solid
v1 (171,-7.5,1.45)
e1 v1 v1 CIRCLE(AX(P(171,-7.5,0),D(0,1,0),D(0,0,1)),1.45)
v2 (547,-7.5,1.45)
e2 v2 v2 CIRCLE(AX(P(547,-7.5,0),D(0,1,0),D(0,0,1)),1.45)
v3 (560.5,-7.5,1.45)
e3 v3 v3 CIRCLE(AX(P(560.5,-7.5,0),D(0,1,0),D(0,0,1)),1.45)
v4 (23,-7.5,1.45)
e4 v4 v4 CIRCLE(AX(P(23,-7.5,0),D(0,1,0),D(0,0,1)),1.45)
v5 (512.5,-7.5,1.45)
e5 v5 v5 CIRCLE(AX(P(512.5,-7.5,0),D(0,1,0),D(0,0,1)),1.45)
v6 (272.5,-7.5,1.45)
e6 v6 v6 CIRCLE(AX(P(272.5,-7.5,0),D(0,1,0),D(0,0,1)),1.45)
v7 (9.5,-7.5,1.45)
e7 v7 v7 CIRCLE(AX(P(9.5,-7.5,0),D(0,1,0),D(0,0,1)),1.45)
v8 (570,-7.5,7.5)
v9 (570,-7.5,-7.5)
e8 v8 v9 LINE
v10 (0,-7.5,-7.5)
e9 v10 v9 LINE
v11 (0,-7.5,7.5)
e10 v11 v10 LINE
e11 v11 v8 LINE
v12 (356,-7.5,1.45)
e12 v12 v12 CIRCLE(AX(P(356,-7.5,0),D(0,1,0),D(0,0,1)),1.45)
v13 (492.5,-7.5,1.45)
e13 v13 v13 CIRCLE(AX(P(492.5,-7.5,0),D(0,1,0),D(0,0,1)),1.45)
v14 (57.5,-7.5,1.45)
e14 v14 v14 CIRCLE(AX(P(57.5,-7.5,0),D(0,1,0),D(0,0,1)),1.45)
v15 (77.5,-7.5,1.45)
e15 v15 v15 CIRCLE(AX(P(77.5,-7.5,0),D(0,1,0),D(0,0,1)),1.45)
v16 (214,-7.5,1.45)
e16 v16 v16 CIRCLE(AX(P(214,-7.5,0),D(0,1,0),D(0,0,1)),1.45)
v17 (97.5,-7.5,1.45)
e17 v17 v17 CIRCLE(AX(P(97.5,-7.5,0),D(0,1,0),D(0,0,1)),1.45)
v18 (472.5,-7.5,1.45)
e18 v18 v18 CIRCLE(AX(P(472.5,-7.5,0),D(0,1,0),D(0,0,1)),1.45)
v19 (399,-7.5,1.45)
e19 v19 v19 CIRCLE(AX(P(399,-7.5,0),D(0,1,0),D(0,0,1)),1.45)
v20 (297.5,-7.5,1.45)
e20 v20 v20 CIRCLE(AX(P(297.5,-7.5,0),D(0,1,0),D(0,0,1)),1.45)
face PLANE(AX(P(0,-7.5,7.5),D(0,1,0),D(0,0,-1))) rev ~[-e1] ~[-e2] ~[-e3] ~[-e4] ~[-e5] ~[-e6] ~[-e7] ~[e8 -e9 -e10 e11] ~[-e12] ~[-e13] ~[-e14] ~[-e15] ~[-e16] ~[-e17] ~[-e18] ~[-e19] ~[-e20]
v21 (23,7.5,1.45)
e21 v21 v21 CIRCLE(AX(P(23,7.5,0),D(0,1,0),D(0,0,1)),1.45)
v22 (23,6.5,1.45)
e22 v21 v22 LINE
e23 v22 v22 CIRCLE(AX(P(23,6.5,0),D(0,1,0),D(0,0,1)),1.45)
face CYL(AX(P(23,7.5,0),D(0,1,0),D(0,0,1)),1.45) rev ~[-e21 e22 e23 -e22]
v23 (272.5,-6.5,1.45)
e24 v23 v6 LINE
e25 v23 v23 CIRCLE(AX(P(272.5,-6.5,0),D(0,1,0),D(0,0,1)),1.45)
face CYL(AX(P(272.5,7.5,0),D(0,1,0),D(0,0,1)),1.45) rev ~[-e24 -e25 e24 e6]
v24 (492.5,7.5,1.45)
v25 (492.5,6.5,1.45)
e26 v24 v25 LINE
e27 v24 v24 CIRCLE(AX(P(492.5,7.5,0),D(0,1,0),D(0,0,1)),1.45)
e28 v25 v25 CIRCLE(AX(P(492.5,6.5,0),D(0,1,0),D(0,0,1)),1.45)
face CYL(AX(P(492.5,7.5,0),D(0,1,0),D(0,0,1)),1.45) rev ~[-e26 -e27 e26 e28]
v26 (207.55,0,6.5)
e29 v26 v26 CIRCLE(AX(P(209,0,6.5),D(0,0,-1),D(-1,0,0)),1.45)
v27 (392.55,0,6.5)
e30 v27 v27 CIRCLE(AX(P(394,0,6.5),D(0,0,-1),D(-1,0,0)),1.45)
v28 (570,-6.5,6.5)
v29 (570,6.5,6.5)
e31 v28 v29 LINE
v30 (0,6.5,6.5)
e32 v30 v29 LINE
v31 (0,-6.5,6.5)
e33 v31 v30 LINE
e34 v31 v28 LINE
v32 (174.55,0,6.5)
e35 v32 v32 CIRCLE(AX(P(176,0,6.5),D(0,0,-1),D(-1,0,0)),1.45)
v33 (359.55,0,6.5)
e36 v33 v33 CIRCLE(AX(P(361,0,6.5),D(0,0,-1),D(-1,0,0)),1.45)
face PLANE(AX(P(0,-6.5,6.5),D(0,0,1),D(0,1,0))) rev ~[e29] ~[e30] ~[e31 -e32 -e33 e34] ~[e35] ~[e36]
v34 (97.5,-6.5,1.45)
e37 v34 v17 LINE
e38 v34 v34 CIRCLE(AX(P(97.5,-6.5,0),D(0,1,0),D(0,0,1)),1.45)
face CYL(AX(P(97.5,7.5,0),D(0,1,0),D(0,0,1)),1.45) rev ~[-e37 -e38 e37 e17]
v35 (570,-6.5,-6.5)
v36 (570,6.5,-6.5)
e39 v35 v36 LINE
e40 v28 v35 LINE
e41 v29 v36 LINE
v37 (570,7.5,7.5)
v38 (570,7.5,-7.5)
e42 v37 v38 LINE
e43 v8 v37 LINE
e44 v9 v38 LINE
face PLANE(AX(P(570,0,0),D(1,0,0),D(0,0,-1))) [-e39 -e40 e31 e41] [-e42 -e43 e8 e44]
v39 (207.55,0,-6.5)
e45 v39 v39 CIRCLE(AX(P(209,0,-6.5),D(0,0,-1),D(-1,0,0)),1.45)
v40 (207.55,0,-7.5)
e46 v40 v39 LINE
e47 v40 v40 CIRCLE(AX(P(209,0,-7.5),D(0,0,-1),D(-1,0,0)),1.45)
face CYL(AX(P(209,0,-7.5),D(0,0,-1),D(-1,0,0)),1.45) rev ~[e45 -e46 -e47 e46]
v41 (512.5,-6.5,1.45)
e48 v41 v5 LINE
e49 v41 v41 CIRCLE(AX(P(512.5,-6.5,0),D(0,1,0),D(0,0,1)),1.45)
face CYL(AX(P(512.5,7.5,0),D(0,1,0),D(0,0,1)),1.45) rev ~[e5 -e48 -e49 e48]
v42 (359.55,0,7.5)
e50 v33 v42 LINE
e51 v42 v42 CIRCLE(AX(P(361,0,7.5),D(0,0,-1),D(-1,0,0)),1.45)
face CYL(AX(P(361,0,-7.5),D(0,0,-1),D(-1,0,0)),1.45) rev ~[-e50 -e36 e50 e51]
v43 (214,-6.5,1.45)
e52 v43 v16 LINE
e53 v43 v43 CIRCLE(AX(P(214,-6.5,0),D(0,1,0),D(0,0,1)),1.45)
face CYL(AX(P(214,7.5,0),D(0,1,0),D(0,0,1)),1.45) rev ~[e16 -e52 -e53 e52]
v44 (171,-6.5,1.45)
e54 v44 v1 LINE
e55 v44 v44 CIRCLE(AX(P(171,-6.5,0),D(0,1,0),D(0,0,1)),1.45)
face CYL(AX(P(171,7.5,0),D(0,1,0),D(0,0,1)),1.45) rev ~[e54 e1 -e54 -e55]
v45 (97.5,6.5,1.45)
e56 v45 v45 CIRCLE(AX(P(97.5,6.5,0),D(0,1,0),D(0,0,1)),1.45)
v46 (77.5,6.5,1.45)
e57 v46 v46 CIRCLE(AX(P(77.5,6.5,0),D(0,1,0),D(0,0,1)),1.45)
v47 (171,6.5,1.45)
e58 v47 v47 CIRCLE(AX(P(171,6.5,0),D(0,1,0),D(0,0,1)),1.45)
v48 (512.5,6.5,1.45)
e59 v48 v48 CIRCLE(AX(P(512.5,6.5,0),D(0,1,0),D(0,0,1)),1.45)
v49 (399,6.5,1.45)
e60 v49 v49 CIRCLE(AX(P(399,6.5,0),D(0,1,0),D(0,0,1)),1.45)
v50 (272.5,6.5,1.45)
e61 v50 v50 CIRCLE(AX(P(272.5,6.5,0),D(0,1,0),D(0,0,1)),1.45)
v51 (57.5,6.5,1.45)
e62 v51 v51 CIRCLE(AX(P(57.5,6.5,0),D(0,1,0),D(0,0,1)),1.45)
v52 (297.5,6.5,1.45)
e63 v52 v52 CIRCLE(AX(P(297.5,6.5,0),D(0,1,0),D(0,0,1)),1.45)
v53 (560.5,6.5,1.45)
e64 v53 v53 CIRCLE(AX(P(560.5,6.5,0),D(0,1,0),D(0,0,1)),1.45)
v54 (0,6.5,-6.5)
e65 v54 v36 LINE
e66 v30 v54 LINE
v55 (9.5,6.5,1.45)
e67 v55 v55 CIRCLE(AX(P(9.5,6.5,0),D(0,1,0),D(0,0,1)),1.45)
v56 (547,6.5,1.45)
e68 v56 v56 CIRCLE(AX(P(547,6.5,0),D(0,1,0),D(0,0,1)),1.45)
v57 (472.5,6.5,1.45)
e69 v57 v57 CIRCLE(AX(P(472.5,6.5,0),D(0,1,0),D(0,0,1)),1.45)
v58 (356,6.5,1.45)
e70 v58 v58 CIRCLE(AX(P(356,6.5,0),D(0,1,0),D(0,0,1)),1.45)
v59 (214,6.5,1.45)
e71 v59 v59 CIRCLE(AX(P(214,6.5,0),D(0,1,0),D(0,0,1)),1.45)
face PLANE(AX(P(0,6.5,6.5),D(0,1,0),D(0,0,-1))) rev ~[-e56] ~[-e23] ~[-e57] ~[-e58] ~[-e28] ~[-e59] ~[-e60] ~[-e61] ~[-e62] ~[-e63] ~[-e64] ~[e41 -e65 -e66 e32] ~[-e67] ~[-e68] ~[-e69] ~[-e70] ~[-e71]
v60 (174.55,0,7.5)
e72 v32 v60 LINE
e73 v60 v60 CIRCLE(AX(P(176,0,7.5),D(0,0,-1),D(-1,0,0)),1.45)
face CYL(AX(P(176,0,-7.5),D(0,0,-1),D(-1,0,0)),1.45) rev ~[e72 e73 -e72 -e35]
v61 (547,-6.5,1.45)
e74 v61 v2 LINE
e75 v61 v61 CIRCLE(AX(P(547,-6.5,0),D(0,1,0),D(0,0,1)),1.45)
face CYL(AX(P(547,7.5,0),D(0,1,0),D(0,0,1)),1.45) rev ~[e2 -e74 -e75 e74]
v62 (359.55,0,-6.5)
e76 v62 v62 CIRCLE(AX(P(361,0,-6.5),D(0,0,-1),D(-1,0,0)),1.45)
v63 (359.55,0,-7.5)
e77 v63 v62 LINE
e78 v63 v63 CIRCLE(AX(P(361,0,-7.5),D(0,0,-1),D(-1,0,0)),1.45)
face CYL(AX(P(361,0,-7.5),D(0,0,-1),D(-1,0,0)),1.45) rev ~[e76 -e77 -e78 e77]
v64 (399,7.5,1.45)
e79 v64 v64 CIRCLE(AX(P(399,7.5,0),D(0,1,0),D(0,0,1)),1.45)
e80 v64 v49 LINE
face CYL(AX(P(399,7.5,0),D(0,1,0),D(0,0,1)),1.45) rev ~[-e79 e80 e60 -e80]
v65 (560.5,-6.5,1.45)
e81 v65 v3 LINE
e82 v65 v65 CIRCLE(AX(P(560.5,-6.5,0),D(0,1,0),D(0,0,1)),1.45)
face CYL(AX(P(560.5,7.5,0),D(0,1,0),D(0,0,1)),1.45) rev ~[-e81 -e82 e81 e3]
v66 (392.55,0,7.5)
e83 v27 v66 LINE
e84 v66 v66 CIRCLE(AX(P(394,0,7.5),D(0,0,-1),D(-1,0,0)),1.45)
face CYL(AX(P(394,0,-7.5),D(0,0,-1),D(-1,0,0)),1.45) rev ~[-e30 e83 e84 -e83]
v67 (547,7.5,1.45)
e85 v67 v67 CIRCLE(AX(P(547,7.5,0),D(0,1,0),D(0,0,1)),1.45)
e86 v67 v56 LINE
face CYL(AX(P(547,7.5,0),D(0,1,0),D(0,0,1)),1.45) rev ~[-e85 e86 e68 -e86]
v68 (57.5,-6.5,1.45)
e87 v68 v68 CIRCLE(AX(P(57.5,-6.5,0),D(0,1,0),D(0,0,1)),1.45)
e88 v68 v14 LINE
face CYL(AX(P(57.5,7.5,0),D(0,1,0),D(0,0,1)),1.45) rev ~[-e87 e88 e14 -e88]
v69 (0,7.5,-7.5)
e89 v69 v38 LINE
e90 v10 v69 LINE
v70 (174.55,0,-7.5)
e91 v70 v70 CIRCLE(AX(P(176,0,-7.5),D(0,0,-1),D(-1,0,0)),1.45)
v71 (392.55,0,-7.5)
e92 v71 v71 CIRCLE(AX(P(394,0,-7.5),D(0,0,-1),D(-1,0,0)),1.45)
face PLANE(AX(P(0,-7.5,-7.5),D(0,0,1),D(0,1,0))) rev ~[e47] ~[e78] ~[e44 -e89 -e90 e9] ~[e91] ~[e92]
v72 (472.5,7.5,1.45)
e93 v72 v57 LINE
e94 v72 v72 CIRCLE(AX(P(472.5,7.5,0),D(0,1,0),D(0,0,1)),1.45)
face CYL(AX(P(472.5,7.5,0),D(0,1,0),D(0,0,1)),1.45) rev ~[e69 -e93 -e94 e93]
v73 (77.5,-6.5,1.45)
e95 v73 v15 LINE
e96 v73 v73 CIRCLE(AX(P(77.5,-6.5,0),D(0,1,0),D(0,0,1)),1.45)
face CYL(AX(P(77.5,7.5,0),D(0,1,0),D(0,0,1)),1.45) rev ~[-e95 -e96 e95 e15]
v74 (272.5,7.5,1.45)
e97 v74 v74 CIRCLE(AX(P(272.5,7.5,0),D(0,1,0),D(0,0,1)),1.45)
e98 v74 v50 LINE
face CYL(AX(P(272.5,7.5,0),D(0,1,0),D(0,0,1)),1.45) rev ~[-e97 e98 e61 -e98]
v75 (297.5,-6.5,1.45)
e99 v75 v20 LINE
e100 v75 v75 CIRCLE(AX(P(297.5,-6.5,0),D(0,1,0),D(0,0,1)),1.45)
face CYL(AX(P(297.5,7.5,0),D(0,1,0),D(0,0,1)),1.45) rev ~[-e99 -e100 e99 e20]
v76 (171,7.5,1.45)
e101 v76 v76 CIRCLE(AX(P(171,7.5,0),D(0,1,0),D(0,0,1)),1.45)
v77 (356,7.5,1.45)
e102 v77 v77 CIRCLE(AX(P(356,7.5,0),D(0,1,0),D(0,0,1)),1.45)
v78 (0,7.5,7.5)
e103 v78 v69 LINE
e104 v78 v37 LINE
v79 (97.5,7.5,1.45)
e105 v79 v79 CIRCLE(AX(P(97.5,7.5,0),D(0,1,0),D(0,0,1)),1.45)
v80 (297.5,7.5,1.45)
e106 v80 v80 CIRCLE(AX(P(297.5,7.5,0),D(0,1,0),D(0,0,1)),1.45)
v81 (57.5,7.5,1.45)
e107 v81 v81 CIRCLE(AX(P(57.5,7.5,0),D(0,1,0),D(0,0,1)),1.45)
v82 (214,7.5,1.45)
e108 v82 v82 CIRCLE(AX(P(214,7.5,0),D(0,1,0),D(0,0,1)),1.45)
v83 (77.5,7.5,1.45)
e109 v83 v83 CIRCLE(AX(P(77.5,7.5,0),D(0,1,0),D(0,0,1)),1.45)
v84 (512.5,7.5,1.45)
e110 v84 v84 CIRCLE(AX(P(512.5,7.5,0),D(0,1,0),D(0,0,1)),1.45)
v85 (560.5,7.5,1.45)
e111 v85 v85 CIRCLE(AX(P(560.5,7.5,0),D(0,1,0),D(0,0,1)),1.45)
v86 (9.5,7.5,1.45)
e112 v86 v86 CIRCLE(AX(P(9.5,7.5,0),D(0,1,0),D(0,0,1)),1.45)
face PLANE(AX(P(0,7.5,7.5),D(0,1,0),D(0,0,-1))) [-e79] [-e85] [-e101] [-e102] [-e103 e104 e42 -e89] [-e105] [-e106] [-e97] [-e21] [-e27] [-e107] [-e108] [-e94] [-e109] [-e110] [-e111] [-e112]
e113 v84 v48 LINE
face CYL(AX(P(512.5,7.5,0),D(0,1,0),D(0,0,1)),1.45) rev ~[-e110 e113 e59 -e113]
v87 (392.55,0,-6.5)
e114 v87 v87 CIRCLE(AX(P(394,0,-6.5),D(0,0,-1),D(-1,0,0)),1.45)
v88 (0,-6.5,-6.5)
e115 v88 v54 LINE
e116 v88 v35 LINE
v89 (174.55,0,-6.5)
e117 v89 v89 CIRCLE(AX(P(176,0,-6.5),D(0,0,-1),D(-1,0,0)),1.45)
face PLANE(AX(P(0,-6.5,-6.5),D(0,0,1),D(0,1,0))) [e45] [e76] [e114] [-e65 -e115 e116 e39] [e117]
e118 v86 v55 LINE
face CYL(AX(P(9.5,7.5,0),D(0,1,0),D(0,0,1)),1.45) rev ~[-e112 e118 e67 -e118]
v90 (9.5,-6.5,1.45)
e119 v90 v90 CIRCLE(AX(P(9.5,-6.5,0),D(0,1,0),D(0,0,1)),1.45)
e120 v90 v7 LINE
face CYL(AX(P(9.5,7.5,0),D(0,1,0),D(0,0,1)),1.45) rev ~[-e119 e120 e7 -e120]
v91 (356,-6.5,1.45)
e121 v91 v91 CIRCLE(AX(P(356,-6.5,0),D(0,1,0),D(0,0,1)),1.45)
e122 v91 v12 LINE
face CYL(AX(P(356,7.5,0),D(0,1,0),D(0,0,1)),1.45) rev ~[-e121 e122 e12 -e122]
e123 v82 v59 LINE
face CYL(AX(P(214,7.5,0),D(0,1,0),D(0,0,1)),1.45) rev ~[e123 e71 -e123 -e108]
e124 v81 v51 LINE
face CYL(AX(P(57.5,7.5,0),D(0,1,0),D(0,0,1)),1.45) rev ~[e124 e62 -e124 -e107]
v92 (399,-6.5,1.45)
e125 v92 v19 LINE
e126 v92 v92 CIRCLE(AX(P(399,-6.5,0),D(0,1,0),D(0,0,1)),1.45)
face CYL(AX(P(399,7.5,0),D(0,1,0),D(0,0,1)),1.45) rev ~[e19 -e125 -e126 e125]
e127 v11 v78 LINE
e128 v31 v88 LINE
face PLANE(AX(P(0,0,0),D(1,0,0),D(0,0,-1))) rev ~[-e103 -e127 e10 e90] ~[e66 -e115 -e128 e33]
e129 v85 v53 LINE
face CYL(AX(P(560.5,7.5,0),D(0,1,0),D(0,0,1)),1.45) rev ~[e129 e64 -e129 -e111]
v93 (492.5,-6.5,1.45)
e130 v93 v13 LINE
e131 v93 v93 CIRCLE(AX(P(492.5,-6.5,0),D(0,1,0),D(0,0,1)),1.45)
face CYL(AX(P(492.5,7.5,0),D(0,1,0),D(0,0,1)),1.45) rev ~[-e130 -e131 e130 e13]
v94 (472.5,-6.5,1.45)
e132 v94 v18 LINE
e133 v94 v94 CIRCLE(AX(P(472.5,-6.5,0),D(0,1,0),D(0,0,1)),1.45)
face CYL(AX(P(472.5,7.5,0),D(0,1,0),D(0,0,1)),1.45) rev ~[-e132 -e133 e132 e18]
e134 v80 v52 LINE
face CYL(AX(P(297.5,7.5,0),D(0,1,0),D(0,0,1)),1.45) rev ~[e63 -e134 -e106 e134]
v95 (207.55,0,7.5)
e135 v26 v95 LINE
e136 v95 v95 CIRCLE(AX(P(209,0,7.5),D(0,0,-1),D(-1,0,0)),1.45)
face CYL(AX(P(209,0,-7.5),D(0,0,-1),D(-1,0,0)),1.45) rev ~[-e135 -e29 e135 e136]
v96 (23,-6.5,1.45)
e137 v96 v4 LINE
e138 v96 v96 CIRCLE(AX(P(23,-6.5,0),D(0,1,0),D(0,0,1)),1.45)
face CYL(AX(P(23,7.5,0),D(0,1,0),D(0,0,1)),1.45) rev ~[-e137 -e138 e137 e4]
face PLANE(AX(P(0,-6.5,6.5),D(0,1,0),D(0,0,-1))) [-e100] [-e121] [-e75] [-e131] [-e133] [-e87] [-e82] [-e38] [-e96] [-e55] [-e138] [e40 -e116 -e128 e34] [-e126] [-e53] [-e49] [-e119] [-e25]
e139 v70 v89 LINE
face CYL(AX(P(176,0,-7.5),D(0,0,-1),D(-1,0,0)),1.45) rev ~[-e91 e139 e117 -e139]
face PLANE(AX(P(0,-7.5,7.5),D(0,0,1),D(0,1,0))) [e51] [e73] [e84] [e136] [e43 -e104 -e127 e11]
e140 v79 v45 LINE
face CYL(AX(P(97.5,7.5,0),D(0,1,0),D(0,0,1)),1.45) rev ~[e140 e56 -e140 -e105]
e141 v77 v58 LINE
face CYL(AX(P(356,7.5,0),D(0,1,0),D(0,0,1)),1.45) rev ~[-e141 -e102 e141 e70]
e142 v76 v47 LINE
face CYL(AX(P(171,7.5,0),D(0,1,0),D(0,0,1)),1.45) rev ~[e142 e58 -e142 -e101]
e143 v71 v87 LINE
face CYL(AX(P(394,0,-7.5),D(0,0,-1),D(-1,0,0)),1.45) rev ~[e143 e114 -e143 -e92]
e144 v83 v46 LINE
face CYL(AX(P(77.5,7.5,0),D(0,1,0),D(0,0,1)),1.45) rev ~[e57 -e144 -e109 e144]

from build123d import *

# Parameters (mm, degrees)
SKETCH_1_W          = 15
SKETCH_1_H          = 15
SKETCH_1_W_2        = 13
SKETCH_1_H_2        = 13
EXTRUDE_1_DEPTH     = 570
SKETCH_2_R          = 1.45
CUT_EXTRUDE_1_DEPTH = 571.246657158
SKETCH_3_R          = 1.45
CUT_EXTRUDE_2_DEPTH = 571.246657158


with BuildPart() as part:
    # 草图1 → 凸台-拉伸1 (new body)
    with BuildSketch(Plane(origin=(0, 0, 0), x_dir=(0, 0, -1), z_dir=(1, 0, 0))):
        Rectangle(SKETCH_1_W, SKETCH_1_H)
        Rectangle(SKETCH_1_W_2, SKETCH_1_H_2, mode=Mode.SUBTRACT)
    extrude(amount=EXTRUDE_1_DEPTH)

    # 草图2 → 切除-拉伸1 (cut, through all)
    with BuildSketch(Plane(origin=(0, 7.5, 0), x_dir=(1, 0, 0), z_dir=(0, 1, 0))):
        with Locations(Location((560.5, 0, 0), (0, 0, 270))):
            Circle(SKETCH_2_R)
        with Locations(Location((547, 0, 0), (0, 0, 270))):
            Circle(SKETCH_2_R)
        with Locations(Location((399, 0, 0), (0, 0, 270))):
            Circle(SKETCH_2_R)
        with Locations(Location((356, 0, 0), (0, 0, 270))):
            Circle(SKETCH_2_R)
        with Locations(Location((214, 0, 0), (0, 0, 270))):
            Circle(SKETCH_2_R)
        with Locations(Location((171, 0, 0), (0, 0, 270))):
            Circle(SKETCH_2_R)
        with Locations(Location((23, 0, 0), (0, 0, 270))):
            Circle(SKETCH_2_R)
        with Locations(Location((9.5, 0, 0), (0, 0, 270))):
            Circle(SKETCH_2_R)
        with Locations(Location((472.5, 0, 0), (0, 0, 270))):
            Circle(SKETCH_2_R)
        with Locations(Location((57.5, 0, 0), (0, 0, 270))):
            Circle(SKETCH_2_R)
        with Locations(Location((77.5, 0, 0), (0, 0, 270))):
            Circle(SKETCH_2_R)
        with Locations(Location((492.5, 0, 0), (0, 0, 270))):
            Circle(SKETCH_2_R)
        with Locations(Location((512.5, 0, 0), (0, 0, 270))):
            Circle(SKETCH_2_R)
        with Locations(Location((272.5, 0, 0), (0, 0, 270))):
            Circle(SKETCH_2_R)
        with Locations(Location((297.5, 0, 0), (0, 0, 270))):
            Circle(SKETCH_2_R)
        with Locations(Location((97.5, 0, 0), (0, 0, 270))):
            Circle(SKETCH_2_R)
    extrude(amount=-CUT_EXTRUDE_1_DEPTH, mode=Mode.SUBTRACT)

    # 草图3 → 切除-拉伸2 (cut, through all)
    with BuildSketch(Plane(origin=(0, 0, -7.5), x_dir=(-1, 0, 0), z_dir=(0, 0, -1))):
        with Locations((-176, 0)):
            Circle(SKETCH_3_R)
        with Locations((-209, 0)):
            Circle(SKETCH_3_R)
        with Locations((-361, 0)):
            Circle(SKETCH_3_R)
        with Locations((-394, 0)):
            Circle(SKETCH_3_R)
    extrude(amount=-CUT_EXTRUDE_2_DEPTH, mode=Mode.SUBTRACT)


solid = part.part
